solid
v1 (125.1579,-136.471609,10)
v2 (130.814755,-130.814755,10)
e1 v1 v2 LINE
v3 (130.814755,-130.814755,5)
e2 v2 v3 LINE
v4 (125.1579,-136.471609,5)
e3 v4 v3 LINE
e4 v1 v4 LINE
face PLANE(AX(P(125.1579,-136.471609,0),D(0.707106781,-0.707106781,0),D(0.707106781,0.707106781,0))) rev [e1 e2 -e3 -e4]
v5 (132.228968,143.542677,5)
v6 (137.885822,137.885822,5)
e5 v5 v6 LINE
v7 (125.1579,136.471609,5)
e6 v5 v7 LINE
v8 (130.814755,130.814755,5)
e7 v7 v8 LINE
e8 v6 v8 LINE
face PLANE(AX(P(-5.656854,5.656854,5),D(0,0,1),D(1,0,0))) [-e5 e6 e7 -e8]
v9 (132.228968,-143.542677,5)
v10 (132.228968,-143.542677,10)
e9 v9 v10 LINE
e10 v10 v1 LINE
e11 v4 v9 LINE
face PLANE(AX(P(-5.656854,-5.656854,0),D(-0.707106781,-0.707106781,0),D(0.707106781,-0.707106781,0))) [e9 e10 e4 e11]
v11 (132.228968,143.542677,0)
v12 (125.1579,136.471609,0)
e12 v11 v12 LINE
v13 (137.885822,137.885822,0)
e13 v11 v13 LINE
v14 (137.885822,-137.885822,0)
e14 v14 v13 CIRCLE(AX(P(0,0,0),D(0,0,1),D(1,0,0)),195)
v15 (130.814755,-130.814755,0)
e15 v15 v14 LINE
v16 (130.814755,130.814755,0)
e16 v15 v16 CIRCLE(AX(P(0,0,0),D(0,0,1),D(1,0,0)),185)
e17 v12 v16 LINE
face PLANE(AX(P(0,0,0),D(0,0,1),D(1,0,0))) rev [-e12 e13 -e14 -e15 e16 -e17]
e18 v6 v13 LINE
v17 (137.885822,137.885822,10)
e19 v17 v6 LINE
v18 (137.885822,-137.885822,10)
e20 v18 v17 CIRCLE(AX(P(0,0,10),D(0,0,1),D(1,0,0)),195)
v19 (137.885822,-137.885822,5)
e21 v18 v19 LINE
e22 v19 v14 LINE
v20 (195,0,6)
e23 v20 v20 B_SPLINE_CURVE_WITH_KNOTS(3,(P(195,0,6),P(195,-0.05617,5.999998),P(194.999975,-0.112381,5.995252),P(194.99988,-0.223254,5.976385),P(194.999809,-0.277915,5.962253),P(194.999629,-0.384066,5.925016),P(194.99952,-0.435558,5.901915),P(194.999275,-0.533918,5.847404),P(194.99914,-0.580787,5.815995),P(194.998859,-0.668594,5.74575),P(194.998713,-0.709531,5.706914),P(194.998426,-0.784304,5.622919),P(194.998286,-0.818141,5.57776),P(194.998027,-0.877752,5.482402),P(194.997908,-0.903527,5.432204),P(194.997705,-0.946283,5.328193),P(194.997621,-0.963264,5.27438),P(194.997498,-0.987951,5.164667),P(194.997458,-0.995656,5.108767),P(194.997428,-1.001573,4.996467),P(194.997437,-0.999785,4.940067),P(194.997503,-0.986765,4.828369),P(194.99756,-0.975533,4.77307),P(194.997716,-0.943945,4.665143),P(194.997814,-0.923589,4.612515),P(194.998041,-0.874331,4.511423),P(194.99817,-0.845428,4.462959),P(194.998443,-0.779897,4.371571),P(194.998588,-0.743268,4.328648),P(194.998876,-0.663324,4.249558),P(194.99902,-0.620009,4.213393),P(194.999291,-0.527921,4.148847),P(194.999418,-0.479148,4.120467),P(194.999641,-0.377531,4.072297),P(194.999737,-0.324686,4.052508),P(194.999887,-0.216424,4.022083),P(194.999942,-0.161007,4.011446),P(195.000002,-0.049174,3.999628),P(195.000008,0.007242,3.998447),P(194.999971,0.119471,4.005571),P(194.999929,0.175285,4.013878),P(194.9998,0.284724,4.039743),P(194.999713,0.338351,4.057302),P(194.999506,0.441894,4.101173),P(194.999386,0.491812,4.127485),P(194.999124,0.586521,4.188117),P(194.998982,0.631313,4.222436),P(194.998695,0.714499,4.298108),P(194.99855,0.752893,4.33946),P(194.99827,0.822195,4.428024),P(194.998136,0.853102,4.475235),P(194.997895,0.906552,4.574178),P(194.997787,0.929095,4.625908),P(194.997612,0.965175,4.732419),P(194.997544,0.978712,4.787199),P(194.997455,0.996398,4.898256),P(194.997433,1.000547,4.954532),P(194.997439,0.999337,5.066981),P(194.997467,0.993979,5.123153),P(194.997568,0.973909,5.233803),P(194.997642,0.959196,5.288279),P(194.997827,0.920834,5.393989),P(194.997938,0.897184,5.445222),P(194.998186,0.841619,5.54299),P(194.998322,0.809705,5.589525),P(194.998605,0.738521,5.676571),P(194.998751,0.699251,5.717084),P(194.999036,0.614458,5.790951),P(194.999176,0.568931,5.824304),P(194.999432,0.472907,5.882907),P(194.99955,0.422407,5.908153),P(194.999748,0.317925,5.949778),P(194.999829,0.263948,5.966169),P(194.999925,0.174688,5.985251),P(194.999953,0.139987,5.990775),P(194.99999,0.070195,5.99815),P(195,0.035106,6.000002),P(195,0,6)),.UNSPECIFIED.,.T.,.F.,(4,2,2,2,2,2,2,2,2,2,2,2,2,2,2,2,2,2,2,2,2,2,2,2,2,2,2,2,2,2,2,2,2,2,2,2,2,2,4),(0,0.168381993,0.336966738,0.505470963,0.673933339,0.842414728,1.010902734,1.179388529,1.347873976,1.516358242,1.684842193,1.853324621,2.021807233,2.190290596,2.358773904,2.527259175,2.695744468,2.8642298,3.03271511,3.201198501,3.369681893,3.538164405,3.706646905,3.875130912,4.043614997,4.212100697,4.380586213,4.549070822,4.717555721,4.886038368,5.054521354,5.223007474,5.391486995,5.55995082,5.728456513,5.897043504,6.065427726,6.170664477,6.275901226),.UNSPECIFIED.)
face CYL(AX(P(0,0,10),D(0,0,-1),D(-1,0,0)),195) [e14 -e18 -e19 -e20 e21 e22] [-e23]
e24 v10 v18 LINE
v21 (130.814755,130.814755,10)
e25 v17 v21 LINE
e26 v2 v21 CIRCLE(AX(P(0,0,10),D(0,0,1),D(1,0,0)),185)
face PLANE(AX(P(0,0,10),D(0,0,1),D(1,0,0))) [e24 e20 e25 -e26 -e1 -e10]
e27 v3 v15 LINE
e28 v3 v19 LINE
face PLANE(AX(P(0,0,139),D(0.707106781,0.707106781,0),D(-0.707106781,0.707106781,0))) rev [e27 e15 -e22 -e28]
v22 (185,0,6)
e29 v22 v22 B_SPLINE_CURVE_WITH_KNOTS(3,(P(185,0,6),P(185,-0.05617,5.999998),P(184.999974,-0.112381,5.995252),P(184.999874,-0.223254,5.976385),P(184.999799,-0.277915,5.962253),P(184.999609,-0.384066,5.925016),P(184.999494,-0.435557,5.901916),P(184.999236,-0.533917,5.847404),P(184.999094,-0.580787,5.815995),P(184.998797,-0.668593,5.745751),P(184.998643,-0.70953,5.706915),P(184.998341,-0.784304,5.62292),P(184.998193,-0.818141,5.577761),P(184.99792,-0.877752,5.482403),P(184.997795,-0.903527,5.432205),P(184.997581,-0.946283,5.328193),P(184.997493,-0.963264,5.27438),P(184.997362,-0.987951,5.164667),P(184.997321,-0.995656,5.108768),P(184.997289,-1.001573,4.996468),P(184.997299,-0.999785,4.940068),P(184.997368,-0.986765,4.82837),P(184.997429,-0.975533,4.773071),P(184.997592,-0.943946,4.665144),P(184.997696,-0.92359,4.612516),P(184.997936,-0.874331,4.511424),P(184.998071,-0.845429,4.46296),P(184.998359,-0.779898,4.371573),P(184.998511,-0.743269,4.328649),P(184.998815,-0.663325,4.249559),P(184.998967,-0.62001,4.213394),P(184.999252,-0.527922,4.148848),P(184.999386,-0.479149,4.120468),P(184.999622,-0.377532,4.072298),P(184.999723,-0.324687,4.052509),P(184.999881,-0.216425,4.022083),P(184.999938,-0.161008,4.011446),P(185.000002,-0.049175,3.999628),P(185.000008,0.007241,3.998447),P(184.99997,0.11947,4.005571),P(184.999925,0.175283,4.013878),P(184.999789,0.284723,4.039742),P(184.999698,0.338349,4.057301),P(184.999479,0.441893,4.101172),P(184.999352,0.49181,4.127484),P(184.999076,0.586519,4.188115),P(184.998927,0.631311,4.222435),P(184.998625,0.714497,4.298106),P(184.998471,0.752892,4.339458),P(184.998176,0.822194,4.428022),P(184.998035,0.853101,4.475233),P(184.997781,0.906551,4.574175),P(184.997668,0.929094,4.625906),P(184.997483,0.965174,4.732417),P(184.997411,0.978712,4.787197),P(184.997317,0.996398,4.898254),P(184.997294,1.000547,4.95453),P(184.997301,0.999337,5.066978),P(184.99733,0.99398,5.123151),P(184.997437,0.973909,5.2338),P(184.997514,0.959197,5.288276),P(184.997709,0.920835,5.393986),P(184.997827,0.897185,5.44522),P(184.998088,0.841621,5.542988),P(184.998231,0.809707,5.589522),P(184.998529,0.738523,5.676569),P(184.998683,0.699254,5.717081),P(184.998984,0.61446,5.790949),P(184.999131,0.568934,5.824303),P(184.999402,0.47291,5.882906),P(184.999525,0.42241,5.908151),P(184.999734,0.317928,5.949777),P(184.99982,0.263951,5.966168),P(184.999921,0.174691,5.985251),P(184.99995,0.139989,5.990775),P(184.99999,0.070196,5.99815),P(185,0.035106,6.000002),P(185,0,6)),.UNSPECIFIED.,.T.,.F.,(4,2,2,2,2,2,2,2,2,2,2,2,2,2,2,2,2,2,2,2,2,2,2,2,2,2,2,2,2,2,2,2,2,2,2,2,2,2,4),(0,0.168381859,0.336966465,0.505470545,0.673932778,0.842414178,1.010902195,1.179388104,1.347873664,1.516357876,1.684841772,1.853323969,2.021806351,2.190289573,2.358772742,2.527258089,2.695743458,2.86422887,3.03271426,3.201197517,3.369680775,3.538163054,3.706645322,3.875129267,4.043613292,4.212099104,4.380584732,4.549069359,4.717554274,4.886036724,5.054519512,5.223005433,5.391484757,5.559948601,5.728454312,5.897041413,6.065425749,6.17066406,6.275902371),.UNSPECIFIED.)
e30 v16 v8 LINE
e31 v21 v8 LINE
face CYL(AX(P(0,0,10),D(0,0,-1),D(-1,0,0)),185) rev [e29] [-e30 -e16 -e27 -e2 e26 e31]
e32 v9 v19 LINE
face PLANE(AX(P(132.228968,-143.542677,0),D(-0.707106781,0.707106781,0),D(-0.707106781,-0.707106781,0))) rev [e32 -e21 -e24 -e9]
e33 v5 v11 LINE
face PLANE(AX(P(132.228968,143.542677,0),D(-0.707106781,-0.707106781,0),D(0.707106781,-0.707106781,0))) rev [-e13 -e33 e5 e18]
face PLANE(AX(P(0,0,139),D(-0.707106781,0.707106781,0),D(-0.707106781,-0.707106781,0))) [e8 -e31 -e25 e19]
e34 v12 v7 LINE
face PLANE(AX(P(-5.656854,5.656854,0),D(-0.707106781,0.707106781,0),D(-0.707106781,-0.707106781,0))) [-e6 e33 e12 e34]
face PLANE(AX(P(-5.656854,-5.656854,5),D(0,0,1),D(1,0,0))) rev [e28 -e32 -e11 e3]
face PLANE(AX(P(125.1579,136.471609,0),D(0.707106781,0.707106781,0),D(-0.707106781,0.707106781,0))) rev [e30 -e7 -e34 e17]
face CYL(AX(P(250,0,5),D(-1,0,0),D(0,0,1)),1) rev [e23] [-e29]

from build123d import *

# Parameters (mm, degrees)
IZIM1_R                     = 195
IZIM1_R_2                   = 185
Y_KSEKLIK_EKSTR_ZYON1_DEPTH = 10
KES_EKSTR_ZYON1_DEPTH       = 250
KES_EKSTR_ZYON1_DEPTH_BACK  = 240
IZIM2_R                     = 1
KES_EKSTR_ZYON2_DEPTH       = 240
KES_EKSTR_ZYON2_DEPTH_BACK  = 240
IZIM3_R                     = 1
KES_EKSTR_ZYON3_DEPTH       = 139
IZIM6_W                     = 5
IZIM6_H                     = 10
Y_KSEKLIK_EKSTR_ZYON2_DEPTH = 8
IZIM7_W                     = 5
IZIM7_H                     = 10
Y_KSEKLIK_EKSTR_ZYON3_DEPTH = 8


with BuildPart() as part:
    # Çizim1 → Yükseklik-Ekstrüzyon1 (new body)
    with BuildSketch(Plane.XY):
        Circle(IZIM1_R)
        Circle(IZIM1_R_2, mode=Mode.SUBTRACT)
    extrude(amount=Y_KSEKLIK_EKSTR_ZYON1_DEPTH)

    # Çizim2 → Kes-Ekstrüzyon1 (cut, two sides: drawn at the far end of the back side and taken through both)
    with BuildSketch(Plane(origin=(0, 0, 0), x_dir=(0, 0, -1), z_dir=(1, 0, 0)).offset(-KES_EKSTR_ZYON1_DEPTH_BACK)):
        with Locations((-5, 0)):
            Circle(IZIM2_R)
    extrude(amount=KES_EKSTR_ZYON1_DEPTH + KES_EKSTR_ZYON1_DEPTH_BACK, mode=Mode.SUBTRACT)

    # Çizim3 → Kes-Ekstrüzyon2 (cut, two sides: drawn at the far end of the back side and taken through both)
    with BuildSketch(Plane(origin=(0, 0, 0), x_dir=(1, 0, 0), z_dir=(0, 1, 0)).offset(-KES_EKSTR_ZYON2_DEPTH_BACK)):
        with Locations((0, -5)):
            Circle(IZIM3_R)
    extrude(amount=KES_EKSTR_ZYON2_DEPTH + KES_EKSTR_ZYON2_DEPTH_BACK, mode=Mode.SUBTRACT)

    # Çizim4 → Kes-Ekstrüzyon3 (cut)
    with BuildSketch(Plane(origin=(0, 0, 0), x_dir=(-1, 0, 0), z_dir=(0, 0, -1))):
        with BuildLine():
            ThreePointArc((-137.885822331, -137.885822331), (195, 0), (-137.885822331, 137.885822331))
            Line((-137.885822331, 137.885822331), (-130.81475452, 130.81475452))
            ThreePointArc((-130.81475452, 130.81475452), (-185, 0), (-130.81475452, -130.81475452))
            Line((-130.81475452, -130.81475452), (-137.885822331, -137.885822331))
        make_face()
    extrude(amount=-KES_EKSTR_ZYON3_DEPTH, mode=Mode.SUBTRACT)

    # Çizim6 → Yükseklik-Ekstrüzyon2 (add)
    with BuildSketch(Plane(origin=(0, 0, 0), x_dir=(0, 0, 1), z_dir=(-0.7071067811865477, -0.7071067811865475, 0))):
        with Locations((7.5, -190)):
            Rectangle(IZIM6_W, IZIM6_H)
    extrude(amount=Y_KSEKLIK_EKSTR_ZYON2_DEPTH)

    # Çizim7 → Yükseklik-Ekstrüzyon3 (add)
    with BuildSketch(Plane(origin=(0, 0, 0), x_dir=(0, 0, 1), z_dir=(-0.7071067811865477, 0.7071067811865475, 0))):
        with Locations((2.5, 190)):
            Rectangle(IZIM7_W, IZIM7_H)
    extrude(amount=Y_KSEKLIK_EKSTR_ZYON3_DEPTH)


solid = part.part
